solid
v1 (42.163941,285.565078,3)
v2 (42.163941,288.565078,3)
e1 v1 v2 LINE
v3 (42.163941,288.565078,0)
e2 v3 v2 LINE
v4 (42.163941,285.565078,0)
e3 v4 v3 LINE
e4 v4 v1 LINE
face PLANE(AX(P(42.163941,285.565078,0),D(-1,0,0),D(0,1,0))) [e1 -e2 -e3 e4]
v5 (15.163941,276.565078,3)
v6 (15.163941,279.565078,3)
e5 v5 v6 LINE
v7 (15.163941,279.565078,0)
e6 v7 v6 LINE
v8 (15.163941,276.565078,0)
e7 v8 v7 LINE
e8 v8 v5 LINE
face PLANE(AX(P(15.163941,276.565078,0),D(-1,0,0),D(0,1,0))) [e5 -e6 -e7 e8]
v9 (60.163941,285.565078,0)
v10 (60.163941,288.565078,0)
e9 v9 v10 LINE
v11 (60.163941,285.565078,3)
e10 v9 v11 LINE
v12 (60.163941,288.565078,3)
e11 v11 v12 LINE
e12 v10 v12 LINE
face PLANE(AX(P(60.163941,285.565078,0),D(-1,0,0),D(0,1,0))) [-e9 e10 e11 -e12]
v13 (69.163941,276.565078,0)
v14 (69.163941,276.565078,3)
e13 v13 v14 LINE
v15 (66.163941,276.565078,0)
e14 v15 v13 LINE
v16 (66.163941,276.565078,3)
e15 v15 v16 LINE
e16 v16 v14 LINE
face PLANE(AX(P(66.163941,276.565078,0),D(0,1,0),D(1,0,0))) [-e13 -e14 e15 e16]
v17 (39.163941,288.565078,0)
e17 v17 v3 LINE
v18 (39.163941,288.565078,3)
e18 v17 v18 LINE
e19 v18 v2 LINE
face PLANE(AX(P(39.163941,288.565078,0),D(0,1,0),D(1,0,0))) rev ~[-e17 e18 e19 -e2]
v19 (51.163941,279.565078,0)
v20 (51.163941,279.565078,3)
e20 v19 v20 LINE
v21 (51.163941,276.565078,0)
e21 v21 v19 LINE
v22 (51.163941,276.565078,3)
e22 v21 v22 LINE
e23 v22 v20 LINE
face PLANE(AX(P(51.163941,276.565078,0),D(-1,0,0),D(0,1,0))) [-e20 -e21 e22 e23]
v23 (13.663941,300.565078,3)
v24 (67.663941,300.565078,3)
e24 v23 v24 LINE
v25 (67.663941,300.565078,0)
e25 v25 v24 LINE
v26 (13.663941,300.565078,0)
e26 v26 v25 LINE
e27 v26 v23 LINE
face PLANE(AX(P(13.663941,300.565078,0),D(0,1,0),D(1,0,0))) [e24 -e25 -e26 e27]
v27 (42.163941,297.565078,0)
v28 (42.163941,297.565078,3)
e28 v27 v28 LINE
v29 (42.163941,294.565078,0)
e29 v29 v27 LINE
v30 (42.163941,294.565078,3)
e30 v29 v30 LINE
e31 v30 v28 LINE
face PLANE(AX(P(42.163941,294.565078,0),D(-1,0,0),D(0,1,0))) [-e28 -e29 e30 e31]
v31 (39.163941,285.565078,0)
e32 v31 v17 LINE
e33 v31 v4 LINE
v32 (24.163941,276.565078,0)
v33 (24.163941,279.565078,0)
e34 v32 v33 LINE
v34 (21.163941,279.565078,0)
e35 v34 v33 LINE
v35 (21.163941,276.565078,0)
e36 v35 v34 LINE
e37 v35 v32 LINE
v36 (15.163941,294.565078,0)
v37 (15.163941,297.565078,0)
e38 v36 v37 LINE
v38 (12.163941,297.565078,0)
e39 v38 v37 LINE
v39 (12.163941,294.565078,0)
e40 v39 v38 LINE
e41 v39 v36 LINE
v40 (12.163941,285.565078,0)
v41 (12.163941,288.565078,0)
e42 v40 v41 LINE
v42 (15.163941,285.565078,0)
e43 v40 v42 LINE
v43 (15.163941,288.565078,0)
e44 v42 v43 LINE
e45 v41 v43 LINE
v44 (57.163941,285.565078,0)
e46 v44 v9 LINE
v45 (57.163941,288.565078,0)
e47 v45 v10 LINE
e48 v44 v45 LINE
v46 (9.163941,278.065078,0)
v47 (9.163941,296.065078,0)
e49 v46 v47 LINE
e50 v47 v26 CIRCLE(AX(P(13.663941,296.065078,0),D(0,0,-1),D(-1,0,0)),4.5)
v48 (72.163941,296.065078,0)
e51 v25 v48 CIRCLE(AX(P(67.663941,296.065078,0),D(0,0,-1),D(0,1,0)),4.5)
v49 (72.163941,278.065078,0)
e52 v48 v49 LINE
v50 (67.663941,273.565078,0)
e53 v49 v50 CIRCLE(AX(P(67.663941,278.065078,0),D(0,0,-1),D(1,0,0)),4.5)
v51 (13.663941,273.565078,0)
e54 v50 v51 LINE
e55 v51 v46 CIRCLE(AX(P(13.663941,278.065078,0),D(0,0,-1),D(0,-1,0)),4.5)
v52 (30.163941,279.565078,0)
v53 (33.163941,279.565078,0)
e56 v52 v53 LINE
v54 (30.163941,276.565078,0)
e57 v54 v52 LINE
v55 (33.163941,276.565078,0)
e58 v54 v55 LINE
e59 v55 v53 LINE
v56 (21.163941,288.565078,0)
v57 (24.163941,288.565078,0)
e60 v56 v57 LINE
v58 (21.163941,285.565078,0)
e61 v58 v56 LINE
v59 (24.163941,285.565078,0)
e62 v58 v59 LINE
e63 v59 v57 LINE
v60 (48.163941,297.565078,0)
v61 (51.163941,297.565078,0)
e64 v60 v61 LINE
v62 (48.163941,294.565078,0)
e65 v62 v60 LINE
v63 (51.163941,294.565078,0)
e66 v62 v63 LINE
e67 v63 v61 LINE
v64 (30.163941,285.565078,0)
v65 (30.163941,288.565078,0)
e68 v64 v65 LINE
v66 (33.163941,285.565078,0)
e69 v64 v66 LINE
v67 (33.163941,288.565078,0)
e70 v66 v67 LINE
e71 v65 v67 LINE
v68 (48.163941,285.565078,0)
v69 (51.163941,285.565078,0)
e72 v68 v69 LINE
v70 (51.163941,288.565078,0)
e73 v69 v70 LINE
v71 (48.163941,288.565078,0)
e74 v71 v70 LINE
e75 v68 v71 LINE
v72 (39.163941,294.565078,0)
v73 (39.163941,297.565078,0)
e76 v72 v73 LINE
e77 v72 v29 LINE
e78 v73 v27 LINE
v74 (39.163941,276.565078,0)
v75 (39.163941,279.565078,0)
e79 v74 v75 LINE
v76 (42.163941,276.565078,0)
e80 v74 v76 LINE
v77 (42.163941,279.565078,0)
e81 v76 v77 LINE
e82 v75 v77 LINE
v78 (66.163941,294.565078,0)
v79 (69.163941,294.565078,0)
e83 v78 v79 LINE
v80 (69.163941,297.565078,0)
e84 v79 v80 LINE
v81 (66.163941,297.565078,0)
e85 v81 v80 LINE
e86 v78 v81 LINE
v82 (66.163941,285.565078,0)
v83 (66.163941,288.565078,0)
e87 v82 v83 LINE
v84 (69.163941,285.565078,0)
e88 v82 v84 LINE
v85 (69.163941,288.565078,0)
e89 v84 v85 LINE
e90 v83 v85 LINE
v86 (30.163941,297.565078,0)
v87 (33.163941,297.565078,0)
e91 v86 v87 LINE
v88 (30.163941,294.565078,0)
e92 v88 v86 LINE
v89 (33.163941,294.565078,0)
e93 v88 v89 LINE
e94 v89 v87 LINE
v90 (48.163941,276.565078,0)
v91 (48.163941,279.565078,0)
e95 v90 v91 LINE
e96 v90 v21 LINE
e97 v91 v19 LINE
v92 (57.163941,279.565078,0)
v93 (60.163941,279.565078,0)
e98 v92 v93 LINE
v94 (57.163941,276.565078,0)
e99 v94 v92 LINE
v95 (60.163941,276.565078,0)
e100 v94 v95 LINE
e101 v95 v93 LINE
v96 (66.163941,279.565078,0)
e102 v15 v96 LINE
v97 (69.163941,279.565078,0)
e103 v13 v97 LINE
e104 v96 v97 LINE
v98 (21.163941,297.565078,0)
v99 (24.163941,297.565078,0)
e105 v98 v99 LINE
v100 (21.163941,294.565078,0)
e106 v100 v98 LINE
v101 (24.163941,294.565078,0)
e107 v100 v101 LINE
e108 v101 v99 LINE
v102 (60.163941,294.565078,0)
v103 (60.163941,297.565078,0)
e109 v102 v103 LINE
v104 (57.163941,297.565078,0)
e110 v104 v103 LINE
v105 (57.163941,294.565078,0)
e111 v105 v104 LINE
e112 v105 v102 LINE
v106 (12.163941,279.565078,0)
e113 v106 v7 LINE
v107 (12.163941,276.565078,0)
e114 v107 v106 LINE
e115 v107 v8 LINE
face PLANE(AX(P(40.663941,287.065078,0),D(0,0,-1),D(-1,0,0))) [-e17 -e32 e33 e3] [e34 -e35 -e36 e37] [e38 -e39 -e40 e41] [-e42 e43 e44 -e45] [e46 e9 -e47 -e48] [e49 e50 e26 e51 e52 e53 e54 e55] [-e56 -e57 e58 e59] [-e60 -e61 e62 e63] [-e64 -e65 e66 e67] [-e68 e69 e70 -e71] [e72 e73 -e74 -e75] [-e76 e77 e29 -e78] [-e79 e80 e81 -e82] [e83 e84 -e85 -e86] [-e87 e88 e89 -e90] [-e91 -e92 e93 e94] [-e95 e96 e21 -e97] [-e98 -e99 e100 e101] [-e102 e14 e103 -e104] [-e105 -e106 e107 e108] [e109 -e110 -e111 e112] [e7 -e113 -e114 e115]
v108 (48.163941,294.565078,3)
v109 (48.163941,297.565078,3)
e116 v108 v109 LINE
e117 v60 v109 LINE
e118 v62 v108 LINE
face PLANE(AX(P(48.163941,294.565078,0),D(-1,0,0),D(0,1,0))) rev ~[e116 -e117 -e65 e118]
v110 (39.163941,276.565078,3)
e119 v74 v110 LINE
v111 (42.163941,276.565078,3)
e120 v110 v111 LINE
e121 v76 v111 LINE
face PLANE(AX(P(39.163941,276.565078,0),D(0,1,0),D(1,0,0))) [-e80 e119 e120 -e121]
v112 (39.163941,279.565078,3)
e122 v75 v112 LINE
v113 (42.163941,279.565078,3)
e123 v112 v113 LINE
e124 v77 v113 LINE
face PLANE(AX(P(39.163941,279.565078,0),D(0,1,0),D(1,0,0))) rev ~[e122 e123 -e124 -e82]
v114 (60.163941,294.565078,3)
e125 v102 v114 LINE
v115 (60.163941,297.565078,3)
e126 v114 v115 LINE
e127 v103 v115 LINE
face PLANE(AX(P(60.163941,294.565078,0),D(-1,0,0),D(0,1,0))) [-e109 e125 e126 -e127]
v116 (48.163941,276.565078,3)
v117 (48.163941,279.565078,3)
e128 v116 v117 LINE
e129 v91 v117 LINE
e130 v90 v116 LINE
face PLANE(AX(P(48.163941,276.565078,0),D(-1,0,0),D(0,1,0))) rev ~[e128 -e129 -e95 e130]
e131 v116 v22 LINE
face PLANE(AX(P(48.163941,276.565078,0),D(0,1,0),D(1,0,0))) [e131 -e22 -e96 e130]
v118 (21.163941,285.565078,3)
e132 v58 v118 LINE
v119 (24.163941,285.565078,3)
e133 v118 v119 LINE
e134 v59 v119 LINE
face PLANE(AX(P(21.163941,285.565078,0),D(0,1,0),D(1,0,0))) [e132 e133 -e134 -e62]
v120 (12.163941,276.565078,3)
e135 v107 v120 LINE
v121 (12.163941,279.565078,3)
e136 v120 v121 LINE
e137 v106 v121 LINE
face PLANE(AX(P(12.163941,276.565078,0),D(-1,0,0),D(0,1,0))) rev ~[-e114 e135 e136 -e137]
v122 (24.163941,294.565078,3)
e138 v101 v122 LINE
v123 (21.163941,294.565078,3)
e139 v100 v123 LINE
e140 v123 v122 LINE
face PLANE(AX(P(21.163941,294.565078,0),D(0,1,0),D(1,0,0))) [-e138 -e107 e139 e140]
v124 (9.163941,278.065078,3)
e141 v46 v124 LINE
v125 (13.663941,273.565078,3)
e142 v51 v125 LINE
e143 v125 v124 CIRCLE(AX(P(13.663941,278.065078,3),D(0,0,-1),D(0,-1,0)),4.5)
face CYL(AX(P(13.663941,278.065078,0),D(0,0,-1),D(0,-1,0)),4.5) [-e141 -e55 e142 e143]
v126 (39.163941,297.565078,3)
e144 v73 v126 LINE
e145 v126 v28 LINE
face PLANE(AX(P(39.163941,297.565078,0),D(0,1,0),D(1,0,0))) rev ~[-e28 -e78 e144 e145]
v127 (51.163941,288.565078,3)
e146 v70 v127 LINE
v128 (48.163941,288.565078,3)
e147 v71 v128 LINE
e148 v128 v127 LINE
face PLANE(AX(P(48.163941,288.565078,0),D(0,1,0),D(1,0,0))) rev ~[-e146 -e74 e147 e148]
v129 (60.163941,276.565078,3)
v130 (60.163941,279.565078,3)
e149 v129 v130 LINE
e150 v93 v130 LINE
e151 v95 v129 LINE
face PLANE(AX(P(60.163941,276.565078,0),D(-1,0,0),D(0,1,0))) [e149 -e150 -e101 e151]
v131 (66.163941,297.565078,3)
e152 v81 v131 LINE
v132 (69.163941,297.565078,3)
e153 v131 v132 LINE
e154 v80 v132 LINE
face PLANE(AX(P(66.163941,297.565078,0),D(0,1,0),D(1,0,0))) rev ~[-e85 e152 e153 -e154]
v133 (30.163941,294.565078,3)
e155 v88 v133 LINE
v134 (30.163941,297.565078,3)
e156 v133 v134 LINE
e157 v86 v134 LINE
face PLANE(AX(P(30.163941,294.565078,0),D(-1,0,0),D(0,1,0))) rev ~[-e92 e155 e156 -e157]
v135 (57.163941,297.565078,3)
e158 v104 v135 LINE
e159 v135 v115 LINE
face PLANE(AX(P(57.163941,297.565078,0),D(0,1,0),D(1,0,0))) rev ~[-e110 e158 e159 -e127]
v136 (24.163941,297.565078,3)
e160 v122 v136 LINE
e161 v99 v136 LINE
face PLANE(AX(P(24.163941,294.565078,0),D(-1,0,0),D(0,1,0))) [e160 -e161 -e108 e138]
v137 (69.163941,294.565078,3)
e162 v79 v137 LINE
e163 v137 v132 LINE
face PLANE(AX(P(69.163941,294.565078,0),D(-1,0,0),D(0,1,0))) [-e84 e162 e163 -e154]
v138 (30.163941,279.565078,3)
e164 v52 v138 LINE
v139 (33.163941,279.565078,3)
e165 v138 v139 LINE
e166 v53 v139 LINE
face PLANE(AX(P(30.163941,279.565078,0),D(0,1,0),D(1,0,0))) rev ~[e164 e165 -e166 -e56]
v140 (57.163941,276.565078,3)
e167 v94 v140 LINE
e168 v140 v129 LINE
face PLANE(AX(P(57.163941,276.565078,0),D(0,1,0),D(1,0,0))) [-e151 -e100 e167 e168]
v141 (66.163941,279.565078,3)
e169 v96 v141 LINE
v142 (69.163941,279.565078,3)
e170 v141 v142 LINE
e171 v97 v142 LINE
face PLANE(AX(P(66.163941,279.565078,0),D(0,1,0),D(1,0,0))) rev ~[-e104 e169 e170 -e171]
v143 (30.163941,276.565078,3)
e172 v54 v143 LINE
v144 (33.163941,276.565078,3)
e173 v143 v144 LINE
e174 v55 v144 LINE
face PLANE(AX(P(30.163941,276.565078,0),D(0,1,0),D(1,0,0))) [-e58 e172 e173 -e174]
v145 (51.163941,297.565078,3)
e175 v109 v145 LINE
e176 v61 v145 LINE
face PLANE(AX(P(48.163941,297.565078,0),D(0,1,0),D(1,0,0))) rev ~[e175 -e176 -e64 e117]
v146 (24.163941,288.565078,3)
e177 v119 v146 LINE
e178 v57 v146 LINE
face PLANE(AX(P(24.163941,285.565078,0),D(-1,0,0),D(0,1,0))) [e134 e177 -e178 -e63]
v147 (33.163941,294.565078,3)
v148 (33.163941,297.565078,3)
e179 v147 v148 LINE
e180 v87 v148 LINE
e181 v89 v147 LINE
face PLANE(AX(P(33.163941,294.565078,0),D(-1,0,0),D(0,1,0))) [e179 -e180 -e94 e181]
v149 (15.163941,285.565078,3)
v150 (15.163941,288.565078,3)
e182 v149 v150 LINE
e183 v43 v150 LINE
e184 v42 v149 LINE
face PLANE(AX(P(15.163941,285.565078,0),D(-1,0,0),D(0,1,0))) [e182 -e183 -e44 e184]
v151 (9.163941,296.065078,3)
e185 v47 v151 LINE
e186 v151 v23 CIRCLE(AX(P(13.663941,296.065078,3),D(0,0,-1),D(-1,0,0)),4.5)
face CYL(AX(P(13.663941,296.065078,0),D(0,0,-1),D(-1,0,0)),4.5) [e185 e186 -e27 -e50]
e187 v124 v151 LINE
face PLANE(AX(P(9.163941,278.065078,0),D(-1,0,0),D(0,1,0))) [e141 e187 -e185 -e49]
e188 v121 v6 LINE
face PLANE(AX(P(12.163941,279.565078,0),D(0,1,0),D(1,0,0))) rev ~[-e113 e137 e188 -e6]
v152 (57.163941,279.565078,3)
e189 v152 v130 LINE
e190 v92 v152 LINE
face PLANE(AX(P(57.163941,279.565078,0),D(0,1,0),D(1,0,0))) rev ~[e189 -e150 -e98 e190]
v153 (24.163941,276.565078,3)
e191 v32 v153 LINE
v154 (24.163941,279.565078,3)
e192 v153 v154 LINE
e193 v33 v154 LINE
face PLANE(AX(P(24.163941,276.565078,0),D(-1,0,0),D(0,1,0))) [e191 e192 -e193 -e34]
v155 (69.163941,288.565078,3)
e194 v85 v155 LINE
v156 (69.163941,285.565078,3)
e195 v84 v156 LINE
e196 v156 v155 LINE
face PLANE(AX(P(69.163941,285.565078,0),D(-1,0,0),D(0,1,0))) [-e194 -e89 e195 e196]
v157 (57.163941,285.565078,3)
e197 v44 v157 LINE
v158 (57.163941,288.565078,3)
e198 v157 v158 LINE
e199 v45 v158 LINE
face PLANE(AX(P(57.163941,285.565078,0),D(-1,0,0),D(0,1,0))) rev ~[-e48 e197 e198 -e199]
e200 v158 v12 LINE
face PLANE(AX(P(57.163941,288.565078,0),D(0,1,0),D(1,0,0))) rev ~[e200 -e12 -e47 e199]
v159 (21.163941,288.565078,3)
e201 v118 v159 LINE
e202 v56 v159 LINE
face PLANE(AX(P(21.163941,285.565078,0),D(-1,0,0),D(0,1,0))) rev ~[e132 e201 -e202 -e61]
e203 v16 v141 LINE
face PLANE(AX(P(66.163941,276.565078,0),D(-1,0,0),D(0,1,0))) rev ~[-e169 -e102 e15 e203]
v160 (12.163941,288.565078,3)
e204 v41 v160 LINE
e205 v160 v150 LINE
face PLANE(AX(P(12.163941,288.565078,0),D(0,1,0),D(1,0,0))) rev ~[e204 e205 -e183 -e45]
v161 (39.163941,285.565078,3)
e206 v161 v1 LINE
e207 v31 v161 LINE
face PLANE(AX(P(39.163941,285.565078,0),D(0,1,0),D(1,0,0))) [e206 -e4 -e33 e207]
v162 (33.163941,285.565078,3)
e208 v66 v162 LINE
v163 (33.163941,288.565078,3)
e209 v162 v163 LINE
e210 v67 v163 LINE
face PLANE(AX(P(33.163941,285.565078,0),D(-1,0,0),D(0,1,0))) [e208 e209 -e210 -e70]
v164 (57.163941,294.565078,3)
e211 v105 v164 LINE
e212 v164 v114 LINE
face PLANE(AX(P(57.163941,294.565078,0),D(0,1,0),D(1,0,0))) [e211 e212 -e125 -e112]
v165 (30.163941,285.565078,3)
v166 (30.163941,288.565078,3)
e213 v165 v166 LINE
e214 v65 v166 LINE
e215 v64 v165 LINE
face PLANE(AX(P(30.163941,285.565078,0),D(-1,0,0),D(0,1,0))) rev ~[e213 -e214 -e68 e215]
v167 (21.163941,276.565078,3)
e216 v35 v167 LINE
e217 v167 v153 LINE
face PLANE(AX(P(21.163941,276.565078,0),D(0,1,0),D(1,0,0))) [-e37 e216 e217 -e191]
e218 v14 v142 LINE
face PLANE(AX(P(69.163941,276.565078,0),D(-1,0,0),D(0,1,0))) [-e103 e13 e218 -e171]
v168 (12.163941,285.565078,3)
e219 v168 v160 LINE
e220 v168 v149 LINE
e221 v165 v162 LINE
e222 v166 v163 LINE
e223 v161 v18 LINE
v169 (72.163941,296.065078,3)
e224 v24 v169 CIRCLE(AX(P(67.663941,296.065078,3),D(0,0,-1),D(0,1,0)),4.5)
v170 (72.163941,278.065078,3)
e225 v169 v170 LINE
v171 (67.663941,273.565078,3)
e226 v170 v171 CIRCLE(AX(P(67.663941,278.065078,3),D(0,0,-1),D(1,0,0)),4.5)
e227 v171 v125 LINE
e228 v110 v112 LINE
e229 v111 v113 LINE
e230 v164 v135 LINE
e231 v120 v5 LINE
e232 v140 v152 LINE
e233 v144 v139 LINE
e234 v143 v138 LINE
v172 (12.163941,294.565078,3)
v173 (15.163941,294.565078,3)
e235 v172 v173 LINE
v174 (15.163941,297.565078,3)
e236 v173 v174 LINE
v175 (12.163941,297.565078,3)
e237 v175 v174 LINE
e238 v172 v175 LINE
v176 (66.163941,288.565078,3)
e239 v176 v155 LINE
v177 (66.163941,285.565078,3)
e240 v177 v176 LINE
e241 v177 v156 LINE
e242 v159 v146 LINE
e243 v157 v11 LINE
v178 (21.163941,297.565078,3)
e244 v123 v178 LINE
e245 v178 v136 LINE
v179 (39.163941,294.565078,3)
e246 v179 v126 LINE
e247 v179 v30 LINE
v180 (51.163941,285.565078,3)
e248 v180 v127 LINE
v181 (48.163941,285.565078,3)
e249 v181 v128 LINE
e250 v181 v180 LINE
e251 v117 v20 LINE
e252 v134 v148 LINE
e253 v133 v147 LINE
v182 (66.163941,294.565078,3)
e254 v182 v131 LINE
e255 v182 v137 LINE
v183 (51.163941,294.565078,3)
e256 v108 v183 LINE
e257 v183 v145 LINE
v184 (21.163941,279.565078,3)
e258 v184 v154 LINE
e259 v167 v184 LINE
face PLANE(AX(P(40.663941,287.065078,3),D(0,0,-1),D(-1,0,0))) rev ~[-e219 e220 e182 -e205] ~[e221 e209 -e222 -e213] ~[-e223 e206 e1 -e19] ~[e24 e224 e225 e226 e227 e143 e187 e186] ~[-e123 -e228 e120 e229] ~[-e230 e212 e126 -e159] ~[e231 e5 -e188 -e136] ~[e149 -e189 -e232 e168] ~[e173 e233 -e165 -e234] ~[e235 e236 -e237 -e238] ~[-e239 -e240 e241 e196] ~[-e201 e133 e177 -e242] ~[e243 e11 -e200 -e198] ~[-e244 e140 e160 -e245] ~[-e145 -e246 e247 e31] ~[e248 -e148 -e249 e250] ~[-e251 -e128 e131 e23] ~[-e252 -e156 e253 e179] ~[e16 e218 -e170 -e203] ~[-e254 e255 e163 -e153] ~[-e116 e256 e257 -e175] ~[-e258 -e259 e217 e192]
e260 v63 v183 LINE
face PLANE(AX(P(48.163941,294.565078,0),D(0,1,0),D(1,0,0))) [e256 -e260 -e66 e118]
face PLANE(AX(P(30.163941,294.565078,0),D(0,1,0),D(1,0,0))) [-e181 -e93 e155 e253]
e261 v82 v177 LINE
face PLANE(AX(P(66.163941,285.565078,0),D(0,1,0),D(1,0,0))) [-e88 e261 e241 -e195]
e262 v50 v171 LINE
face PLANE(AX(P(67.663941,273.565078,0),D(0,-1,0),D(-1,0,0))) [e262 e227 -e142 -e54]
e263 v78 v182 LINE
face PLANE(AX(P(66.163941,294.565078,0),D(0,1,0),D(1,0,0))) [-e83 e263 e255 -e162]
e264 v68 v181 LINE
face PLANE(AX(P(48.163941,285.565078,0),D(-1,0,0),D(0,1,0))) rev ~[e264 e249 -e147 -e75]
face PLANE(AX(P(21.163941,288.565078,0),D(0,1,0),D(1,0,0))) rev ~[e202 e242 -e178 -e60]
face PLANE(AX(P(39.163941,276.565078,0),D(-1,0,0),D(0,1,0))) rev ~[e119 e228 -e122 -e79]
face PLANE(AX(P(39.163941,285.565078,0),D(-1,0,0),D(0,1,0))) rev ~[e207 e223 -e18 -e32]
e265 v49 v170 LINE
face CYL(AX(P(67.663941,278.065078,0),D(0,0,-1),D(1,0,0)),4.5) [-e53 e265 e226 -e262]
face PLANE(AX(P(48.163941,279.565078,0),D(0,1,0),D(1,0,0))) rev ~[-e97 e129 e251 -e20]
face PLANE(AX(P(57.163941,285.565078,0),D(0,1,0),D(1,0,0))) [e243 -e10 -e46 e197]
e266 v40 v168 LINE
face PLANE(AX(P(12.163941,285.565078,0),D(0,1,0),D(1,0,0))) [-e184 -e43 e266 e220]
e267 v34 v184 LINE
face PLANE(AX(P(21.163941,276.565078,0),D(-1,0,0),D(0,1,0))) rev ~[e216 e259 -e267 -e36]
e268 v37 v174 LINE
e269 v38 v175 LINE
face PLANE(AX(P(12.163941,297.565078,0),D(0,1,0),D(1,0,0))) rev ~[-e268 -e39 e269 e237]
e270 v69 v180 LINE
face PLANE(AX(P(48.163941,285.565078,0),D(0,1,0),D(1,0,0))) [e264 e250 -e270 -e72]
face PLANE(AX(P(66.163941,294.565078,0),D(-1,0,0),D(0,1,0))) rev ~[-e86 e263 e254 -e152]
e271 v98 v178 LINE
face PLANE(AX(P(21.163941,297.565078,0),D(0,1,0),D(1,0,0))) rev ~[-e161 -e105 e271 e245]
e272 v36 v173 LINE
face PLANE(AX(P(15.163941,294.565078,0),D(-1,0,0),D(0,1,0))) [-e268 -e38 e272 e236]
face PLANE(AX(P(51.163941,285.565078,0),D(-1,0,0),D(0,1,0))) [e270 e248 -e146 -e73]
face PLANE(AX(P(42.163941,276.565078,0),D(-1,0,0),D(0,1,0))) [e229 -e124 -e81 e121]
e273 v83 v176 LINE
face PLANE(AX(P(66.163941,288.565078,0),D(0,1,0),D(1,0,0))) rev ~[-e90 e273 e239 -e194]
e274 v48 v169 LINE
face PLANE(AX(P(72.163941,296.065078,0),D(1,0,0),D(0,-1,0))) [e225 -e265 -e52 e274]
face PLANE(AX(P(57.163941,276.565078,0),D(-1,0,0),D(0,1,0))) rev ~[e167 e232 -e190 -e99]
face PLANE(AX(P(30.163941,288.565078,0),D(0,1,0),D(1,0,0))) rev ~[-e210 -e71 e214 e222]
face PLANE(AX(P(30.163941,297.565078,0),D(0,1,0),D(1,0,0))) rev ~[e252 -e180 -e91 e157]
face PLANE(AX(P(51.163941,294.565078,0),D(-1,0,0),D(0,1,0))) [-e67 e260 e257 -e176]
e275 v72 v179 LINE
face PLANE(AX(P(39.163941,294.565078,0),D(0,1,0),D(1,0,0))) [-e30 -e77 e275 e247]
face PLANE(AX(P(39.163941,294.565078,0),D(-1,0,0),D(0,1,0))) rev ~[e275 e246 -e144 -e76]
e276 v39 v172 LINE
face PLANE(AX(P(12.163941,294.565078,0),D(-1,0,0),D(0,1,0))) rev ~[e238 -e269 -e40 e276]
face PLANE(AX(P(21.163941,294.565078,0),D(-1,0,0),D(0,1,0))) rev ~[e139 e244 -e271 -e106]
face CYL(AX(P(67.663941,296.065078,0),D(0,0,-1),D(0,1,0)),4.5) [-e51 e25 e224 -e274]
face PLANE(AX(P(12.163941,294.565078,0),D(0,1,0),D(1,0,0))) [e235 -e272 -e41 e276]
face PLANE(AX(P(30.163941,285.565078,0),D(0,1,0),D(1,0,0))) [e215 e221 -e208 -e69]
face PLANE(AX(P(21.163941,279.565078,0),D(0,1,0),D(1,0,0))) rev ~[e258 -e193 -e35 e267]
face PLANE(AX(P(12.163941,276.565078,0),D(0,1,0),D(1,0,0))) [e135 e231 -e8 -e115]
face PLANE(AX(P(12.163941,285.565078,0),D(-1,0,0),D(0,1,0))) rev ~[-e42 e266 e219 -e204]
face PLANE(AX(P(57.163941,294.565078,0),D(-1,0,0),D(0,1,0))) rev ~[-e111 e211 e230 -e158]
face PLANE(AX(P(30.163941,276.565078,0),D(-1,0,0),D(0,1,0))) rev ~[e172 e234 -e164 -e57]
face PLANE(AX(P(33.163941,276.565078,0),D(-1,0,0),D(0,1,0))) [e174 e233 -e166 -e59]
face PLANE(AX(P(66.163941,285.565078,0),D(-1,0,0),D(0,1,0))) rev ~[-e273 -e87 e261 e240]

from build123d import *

# Parameters (mm, degrees)
MODEL_W                 = 3
MODEL_H                 = 3
SALIENTE_EXTRUIR1_DEPTH = 3


with BuildPart() as part:
    # Model → Saliente-Extruir1 (new body)
    with BuildSketch(Plane.XY):
        with BuildLine():
            Line((13.663940534, 300.565078072), (67.663940534, 300.565078072))
            ThreePointArc((67.663940534, 300.565078072), (70.845921049, 299.247058587), (72.163940534, 296.065078072))
            Line((72.163940534, 296.065078072), (72.163940534, 278.065078072))
            ThreePointArc((72.163940534, 278.065078072), (70.845921049, 274.883097556), (67.663940534, 273.565078072))
            Line((67.663940534, 273.565078072), (13.663940534, 273.565078072))
            ThreePointArc((13.663940534, 273.565078072), (10.481960019, 274.883097556), (9.163940534, 278.065078072))
            Line((9.163940534, 278.065078072), (9.163940534, 296.065078072))
            ThreePointArc((9.163940534, 296.065078072), (10.481960019, 299.247058587), (13.663940534, 300.565078072))
        make_face()
        with Locations((13.663940534, 296.065078072)):
            Rectangle(MODEL_W, MODEL_H, mode=Mode.SUBTRACT)
        with Locations((22.663940534, 296.065078072)):
            Rectangle(MODEL_W, MODEL_H, mode=Mode.SUBTRACT)
        with Locations((31.663940534, 296.065078072)):
            Rectangle(MODEL_W, MODEL_H, mode=Mode.SUBTRACT)
        with Locations((58.663940534, 296.065078072)):
            Rectangle(MODEL_W, MODEL_H, mode=Mode.SUBTRACT)
        with Locations((67.663940534, 296.065078072)):
            Rectangle(MODEL_W, MODEL_H, mode=Mode.SUBTRACT)
        with Locations((13.663940534, 278.065078072)):
            Rectangle(MODEL_W, MODEL_H, mode=Mode.SUBTRACT)
        with Locations((22.663940534, 278.065078072)):
            Rectangle(MODEL_W, MODEL_H, mode=Mode.SUBTRACT)
        with Locations((31.663940534, 278.065078072)):
            Rectangle(MODEL_W, MODEL_H, mode=Mode.SUBTRACT)
        with Locations((58.663940534, 278.065078072)):
            Rectangle(MODEL_W, MODEL_H, mode=Mode.SUBTRACT)
        with Locations((67.663940534, 278.065078072)):
            Rectangle(MODEL_W, MODEL_H, mode=Mode.SUBTRACT)
        with Locations((13.663940534, 287.065078072)):
            Rectangle(MODEL_W, MODEL_H, mode=Mode.SUBTRACT)
        with Locations((22.663940534, 287.065078072)):
            Rectangle(MODEL_W, MODEL_H, mode=Mode.SUBTRACT)
        with Locations((31.663940534, 287.065078072)):
            Rectangle(MODEL_W, MODEL_H, mode=Mode.SUBTRACT)
        with Locations((58.663940534, 287.065078072)):
            Rectangle(MODEL_W, MODEL_H, mode=Mode.SUBTRACT)
        with Locations((67.663940534, 287.065078072)):
            Rectangle(MODEL_W, MODEL_H, mode=Mode.SUBTRACT)
        with Locations((40.663940534, 296.065078072)):
            Rectangle(MODEL_W, MODEL_H, mode=Mode.SUBTRACT)
        with Locations((49.663940534, 296.065078072)):
            Rectangle(MODEL_W, MODEL_H, mode=Mode.SUBTRACT)
        with Locations((40.663940534, 278.065078072)):
            Rectangle(MODEL_W, MODEL_H, mode=Mode.SUBTRACT)
        with Locations((49.663940534, 278.065078072)):
            Rectangle(MODEL_W, MODEL_H, mode=Mode.SUBTRACT)
        with Locations((40.663940534, 287.065078072)):
            Rectangle(MODEL_W, MODEL_H, mode=Mode.SUBTRACT)
        with Locations((49.663940534, 287.065078072)):
            Rectangle(MODEL_W, MODEL_H, mode=Mode.SUBTRACT)
    extrude(amount=SALIENTE_EXTRUIR1_DEPTH)


solid = part.part
